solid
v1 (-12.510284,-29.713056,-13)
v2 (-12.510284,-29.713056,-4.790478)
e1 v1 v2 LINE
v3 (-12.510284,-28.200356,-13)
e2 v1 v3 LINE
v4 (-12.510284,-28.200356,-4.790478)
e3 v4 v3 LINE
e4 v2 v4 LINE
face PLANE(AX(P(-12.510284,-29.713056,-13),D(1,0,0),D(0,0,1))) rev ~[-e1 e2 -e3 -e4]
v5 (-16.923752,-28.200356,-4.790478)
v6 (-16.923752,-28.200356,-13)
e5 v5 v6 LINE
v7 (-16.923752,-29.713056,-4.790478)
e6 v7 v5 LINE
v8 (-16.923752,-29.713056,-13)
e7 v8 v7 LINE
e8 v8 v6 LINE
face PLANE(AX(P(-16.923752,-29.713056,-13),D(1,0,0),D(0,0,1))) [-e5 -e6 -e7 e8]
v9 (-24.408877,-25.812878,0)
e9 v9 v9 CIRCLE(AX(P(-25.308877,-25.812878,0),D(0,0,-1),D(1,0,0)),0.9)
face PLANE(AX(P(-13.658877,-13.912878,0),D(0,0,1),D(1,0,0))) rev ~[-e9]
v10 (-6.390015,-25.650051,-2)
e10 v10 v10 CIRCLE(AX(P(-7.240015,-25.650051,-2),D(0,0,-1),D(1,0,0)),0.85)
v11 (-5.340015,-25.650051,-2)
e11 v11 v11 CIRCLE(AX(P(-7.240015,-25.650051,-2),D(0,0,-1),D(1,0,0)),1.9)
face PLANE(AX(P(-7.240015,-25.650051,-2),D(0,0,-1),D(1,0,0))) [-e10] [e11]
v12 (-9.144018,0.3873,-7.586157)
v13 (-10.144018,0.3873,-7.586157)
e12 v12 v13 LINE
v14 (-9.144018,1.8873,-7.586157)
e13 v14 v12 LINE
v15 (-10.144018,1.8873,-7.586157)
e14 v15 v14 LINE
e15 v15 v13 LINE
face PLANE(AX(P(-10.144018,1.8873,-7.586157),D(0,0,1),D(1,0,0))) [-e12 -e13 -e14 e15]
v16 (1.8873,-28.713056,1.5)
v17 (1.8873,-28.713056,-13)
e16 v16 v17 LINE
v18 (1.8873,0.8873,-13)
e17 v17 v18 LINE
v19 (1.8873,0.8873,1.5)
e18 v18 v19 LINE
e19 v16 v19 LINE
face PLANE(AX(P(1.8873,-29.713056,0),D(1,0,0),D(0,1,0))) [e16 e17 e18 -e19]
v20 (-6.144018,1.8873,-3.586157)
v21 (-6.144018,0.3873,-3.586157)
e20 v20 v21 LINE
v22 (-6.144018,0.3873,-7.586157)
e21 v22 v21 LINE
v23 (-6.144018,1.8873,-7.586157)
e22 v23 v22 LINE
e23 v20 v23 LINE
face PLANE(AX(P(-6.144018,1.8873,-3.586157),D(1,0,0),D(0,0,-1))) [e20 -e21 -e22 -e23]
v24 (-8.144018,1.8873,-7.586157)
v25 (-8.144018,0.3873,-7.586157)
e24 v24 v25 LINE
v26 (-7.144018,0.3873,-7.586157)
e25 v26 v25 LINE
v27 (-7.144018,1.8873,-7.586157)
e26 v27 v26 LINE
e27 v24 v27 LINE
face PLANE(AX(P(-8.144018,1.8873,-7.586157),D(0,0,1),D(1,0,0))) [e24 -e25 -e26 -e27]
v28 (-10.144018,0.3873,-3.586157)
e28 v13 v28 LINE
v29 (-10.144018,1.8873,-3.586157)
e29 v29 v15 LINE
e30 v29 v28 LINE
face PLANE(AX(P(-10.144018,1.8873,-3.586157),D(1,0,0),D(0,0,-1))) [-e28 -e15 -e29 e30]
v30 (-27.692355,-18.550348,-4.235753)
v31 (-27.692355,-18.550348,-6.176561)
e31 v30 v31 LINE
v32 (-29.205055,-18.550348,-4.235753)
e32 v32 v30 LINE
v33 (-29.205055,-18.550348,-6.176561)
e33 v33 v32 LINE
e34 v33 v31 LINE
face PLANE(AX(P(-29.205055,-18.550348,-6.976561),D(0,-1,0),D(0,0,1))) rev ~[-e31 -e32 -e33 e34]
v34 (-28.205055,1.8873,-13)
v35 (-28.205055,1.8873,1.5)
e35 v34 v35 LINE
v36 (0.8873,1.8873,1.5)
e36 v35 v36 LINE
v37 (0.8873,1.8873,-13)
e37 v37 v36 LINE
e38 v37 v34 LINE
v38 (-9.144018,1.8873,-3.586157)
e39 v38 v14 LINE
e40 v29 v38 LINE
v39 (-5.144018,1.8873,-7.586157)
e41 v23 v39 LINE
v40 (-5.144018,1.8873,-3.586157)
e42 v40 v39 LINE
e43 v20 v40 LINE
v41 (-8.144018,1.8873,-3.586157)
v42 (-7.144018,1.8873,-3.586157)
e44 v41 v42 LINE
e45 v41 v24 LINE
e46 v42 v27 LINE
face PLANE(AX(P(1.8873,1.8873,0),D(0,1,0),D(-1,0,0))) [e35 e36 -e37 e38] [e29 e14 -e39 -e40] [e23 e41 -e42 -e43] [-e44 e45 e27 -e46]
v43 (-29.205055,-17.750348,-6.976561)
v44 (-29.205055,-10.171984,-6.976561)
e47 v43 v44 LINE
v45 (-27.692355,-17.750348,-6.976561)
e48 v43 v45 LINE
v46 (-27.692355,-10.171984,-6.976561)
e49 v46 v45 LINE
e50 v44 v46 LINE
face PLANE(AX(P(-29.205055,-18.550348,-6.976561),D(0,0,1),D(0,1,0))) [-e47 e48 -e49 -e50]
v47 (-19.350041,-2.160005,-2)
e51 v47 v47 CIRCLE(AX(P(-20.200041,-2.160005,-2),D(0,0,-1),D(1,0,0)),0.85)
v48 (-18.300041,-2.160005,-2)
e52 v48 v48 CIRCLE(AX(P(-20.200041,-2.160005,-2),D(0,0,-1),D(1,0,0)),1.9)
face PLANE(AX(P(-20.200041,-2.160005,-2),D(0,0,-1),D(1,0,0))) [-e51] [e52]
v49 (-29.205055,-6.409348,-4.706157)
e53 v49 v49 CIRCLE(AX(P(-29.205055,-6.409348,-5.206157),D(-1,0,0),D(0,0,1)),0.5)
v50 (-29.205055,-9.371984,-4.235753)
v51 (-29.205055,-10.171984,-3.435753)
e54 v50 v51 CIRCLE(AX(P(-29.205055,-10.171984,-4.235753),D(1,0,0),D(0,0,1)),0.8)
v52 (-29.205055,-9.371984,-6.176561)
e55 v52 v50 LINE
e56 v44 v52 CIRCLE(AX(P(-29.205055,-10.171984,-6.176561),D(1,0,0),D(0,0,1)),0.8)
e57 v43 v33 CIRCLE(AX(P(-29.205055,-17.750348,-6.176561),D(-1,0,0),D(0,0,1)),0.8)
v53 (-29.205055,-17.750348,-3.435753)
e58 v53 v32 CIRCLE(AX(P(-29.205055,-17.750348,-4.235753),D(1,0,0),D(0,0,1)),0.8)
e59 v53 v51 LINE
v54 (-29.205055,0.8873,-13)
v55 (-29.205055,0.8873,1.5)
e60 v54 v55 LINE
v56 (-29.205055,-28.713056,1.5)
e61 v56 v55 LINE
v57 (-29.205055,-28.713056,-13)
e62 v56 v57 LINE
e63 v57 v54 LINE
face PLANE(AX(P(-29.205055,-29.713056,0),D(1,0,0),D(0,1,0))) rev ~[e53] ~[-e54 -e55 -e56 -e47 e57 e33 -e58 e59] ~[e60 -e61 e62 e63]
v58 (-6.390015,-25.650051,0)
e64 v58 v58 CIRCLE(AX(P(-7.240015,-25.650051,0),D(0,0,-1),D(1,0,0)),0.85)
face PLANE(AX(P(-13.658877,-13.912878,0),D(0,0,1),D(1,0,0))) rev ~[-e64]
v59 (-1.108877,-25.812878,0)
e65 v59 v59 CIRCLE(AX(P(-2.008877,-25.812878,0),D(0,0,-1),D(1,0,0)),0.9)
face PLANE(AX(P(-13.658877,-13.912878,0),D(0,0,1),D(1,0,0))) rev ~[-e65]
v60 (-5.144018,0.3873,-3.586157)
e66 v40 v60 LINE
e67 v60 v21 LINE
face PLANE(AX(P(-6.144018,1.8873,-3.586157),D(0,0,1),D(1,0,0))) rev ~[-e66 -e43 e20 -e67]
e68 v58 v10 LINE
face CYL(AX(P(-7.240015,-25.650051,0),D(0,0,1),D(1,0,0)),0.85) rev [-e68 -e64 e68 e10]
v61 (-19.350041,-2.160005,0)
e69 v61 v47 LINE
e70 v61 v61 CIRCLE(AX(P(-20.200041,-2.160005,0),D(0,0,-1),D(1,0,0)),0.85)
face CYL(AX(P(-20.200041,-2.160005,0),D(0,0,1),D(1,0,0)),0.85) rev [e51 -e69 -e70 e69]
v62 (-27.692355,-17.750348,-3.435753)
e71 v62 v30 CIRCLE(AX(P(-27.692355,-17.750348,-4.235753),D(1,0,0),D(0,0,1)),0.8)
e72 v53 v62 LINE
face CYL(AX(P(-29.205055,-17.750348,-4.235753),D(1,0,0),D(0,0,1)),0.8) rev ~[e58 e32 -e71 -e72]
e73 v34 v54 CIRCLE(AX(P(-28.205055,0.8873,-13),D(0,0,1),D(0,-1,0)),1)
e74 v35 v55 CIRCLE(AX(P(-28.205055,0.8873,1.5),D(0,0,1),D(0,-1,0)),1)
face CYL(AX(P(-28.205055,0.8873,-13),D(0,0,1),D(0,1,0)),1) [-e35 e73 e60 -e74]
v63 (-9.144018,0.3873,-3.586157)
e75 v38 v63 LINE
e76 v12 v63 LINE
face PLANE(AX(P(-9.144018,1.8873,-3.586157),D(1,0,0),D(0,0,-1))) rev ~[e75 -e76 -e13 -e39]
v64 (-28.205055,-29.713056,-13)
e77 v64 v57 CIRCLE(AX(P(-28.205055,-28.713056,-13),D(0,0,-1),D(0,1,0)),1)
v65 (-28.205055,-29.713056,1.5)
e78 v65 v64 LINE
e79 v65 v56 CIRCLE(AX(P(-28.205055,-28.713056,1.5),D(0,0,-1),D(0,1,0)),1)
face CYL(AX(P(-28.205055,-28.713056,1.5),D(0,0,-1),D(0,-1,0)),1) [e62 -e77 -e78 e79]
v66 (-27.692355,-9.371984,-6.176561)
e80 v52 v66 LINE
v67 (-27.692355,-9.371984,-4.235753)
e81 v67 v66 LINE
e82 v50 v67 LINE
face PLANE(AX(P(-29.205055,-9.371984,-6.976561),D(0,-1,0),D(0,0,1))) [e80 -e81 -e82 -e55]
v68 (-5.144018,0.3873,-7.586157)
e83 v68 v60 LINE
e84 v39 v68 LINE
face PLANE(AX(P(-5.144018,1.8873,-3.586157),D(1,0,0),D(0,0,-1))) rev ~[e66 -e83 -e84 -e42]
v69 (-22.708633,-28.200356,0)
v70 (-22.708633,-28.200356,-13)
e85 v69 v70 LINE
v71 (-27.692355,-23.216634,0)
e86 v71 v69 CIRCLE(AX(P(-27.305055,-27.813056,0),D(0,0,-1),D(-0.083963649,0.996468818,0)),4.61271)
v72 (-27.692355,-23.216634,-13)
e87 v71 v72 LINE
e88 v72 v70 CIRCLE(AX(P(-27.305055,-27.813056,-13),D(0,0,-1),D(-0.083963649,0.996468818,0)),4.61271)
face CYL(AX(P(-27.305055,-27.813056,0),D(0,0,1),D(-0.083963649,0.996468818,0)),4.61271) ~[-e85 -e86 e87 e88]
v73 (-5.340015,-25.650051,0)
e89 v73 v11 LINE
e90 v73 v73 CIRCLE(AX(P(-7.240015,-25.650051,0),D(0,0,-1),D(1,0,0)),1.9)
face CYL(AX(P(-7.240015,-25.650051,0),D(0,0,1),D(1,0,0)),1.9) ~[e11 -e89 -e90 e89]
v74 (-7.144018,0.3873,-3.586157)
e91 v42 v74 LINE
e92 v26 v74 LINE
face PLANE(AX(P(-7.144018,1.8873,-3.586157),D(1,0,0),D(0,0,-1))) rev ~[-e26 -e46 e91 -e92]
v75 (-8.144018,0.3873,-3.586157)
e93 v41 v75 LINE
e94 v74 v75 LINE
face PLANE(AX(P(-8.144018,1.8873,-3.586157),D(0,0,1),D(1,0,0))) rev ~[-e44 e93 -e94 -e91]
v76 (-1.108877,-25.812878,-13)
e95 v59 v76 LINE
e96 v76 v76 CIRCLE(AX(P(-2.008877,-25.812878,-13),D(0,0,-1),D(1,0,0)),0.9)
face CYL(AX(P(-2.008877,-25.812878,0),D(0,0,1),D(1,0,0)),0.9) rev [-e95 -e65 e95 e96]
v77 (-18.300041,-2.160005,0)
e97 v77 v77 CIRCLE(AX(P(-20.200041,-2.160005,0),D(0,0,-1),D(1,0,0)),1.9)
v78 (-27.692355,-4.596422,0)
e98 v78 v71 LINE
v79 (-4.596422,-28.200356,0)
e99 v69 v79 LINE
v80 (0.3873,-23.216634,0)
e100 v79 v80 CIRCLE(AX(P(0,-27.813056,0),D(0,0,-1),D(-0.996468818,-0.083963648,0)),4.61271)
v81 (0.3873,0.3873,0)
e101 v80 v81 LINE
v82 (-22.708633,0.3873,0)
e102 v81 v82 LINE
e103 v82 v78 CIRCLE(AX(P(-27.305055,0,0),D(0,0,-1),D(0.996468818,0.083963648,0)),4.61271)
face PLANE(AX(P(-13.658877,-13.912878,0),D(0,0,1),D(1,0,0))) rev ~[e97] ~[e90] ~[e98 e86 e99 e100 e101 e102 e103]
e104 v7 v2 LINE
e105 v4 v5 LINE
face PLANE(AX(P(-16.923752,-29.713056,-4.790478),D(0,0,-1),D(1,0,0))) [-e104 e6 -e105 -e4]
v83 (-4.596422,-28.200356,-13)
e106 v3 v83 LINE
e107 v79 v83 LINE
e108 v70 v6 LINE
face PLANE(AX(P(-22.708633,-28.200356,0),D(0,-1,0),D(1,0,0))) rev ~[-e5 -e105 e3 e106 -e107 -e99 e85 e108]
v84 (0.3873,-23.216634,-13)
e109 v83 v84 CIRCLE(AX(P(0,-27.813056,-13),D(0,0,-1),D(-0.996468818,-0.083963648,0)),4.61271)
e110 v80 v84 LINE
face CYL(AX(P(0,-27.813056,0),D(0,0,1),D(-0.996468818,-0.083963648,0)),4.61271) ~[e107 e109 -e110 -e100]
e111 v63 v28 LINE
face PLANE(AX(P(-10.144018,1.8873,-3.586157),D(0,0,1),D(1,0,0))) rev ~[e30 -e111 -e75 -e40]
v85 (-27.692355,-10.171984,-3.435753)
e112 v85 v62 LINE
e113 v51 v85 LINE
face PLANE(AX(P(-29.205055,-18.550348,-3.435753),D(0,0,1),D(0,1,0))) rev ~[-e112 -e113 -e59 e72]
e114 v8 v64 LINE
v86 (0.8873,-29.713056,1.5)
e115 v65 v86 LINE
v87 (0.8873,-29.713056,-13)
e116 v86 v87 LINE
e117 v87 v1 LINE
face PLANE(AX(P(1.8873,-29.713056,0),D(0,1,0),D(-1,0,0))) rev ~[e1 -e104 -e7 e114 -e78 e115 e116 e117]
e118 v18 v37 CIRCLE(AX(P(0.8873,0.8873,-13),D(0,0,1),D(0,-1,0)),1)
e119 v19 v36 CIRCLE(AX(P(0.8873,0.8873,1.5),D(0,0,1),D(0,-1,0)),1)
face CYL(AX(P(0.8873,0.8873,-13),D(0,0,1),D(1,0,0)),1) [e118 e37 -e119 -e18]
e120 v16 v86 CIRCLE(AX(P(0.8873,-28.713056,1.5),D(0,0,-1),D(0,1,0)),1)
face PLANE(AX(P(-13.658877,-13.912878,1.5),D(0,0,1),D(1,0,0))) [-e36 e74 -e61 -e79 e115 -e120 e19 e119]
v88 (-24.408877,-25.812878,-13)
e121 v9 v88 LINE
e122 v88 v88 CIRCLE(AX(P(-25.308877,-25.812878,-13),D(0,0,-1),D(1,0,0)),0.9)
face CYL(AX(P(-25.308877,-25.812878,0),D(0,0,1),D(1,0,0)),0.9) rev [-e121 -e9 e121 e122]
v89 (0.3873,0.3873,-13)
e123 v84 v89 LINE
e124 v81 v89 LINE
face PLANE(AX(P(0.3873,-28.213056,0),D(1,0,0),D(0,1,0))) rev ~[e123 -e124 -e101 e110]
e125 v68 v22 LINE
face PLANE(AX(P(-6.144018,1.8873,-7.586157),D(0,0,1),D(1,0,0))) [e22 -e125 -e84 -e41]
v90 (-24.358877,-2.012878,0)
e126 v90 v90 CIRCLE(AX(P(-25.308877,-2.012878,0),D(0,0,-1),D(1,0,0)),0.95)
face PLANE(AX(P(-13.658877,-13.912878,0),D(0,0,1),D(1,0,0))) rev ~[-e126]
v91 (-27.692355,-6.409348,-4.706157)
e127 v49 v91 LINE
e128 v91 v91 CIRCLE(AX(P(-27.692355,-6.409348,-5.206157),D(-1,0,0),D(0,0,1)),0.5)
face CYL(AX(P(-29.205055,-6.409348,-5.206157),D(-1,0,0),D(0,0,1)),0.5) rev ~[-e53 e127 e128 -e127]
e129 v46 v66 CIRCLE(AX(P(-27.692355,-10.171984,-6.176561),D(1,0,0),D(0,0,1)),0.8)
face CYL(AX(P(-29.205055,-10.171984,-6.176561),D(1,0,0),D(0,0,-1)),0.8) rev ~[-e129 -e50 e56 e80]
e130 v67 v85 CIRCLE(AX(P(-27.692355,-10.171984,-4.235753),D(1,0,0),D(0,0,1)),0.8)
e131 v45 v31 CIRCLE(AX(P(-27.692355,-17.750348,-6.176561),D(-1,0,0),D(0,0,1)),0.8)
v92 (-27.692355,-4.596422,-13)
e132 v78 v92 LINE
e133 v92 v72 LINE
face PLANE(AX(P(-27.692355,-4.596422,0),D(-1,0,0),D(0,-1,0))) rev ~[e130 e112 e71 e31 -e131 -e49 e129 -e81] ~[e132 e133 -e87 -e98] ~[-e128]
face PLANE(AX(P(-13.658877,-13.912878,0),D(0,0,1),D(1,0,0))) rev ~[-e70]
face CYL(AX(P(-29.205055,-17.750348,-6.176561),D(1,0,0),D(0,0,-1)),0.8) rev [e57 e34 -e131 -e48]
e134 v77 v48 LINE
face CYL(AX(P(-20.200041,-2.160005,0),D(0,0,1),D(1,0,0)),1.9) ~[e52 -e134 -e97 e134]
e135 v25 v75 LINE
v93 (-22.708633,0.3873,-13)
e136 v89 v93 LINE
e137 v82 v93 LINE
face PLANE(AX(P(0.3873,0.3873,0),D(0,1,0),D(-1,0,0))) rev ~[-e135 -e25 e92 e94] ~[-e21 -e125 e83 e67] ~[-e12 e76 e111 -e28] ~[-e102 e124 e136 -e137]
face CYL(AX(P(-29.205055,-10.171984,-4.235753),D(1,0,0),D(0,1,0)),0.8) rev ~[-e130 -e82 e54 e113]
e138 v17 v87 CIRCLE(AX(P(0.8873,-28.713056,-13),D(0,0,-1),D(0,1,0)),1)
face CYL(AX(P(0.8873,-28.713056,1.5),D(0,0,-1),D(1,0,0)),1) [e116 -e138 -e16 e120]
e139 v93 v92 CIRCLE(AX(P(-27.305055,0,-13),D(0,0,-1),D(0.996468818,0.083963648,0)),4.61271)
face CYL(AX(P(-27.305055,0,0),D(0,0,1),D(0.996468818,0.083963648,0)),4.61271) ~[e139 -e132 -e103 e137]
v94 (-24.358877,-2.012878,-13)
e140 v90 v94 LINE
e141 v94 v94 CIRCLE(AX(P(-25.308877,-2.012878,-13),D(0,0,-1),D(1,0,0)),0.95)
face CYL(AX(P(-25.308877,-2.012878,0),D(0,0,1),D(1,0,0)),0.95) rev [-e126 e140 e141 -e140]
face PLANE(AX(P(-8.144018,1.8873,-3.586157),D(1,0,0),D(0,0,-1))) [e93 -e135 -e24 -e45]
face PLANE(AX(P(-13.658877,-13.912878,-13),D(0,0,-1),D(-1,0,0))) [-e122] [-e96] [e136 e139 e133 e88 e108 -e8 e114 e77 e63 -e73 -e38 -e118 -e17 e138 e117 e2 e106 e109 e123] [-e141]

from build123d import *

# Parameters (mm, degrees)
SKETCH_2_W          = 31.092354585
SKETCH_2_H          = 31.600355601
EXTRUDE_1_DEPTH     = 1.5
SKETCH_3_R          = 1.9
SKETCH_3_R_2        = 0.85
EXTRUDE_2_DEPTH     = 2
SKETCH_4_W          = 31.092354585
SKETCH_4_H          = 31.600355601
SKETCH_4_R          = 0.9
SKETCH_4_R_2        = 0.95
EXTRUDE_3_DEPTH     = 13
CUT_EXTRUDE_1_REACH = 46.929
SKETCH_5_R          = 0.5
SKETCH_5_W          = 3.540807658
SKETCH_5_H          = 9.178364527
CUT_EXTRUDE_2_REACH = 46.95
SKETCH_6_W          = 4.41346869
SKETCH_6_H          = 8.209522231
CUT_EXTRUDE_3_REACH = 46.95
SKETCH_8_W          = 1
SKETCH_8_H          = 4
FILLET_1_R          = 1
FILLET_2_R          = 0.8


with BuildPart() as part:
    # 草图2 → 凸台-拉伸1 (new body)
    with BuildSketch(Plane.XY):
        with Locations((-13.658877318, -13.912877826)):
            Rectangle(SKETCH_2_W, SKETCH_2_H)
    extrude(amount=EXTRUDE_1_DEPTH)

    # 草图3 → 凸台-拉伸2 (add)
    # profile 1 of 2: a face of its own
    with BuildSketch(Plane(origin=(0, 0, 0), x_dir=(-1, 0, 0), z_dir=(0, 0, -1))):
        with Locations(Location((20.20004064, -2.16000508, 0), (0, 0, 180))):
            Circle(SKETCH_3_R)
        with Locations(Location((20.20004064, -2.16000508, 0), (0, 0, 180))):
            Circle(SKETCH_3_R_2, mode=Mode.SUBTRACT)
    # profile 2 of 2: a face of its own
    with BuildSketch(Plane(origin=(0, 0, 0), x_dir=(-1, 0, 0), z_dir=(0, 0, -1))):
        with Locations(Location((7.24001524, -25.6500508, 0), (0, 0, 180))):
            Circle(SKETCH_3_R)
        with Locations(Location((7.24001524, -25.6500508, 0), (0, 0, 180))):
            Circle(SKETCH_3_R_2, mode=Mode.SUBTRACT)
    extrude(amount=EXTRUDE_2_DEPTH)

    # 草图4 → 凸台-拉伸3 (add)
    # profile 1 of 2: a face of its own
    with BuildSketch(Plane(origin=(0, 0, 0), x_dir=(-1, 0, 0), z_dir=(0, 0, -1))):
        with Locations((13.658877318, -13.912877826)):
            Rectangle(SKETCH_4_W, SKETCH_4_H)
        Polygon((-0.387299975, -28.213055626), (-0.387299975, -23.216633759), (-0.387299975, 0.387299975), (22.708632743, 0.387299975), (27.70505461, 0.387299975), (27.70505461, -28.213055626), align=None, mode=Mode.SUBTRACT)
    # profile 2 of 2: a face of its own
    with BuildSketch(Plane(origin=(0, 0, 0), x_dir=(-1, 0, 0), z_dir=(0, 0, -1))):
        with BuildLine():
            Line((22.708632743, -28.200355601), (4.596421868, -28.200355601))
            ThreePointArc((4.596421868, -28.200355601), (3.261678652, -24.551376974), (-0.387299975, -23.216633759))
            Line((-0.387299975, -23.216633759), (-0.387299975, -28.213055626))
            Line((-0.387299975, -28.213055626), (27.70505461, -28.213055626))
            Line((27.70505461, -28.213055626), (27.70505461, 0.387299975))
            Line((27.70505461, 0.387299975), (22.708632743, 0.387299975))
            ThreePointArc((22.708632743, 0.387299975), (24.043375958, -3.261678652), (27.692354585, -4.596421868))
            Line((27.692354585, -4.596421868), (27.692354585, -23.216633759))
            ThreePointArc((27.692354585, -23.216633759), (24.043375958, -24.551376974), (22.708632743, -28.200355601))
        make_face()
        with Locations(Location((2.008877318, -25.812877826, 0), (0, 0, 180))):
            Circle(SKETCH_4_R, mode=Mode.SUBTRACT)
        with Locations(Location((25.308877318, -25.812877826, 0), (0, 0, 180))):
            Circle(SKETCH_4_R, mode=Mode.SUBTRACT)
        with Locations(Location((25.308877318, -2.012877826, 0), (0, 0, 180))):
            Circle(SKETCH_4_R_2, mode=Mode.SUBTRACT)
    extrude(amount=EXTRUDE_3_DEPTH)

    # 草图5 → 切除-拉伸1 (cut, up to next)
    with BuildSketch(Plane.ZY.offset(29.20505461), mode=Mode.PRIVATE) as cut_extrude_1_sk1:
        with Locations((-5.206157057, -6.409348234)):
            Circle(SKETCH_5_R)
    cut_extrude_1_tool1 = extrude(cut_extrude_1_sk1.sketch, amount=-CUT_EXTRUDE_1_REACH, mode=Mode.PRIVATE) & part.part
    # 草图5 → 切除-拉伸1 (cut, up to next)
    with BuildSketch(Plane.ZY.offset(29.20505461), mode=Mode.PRIVATE) as cut_extrude_1_sk2:
        with Locations((-5.206157057, -13.961165862)):
            Rectangle(SKETCH_5_W, SKETCH_5_H)
    cut_extrude_1_tool2 = extrude(cut_extrude_1_sk2.sketch, amount=-CUT_EXTRUDE_1_REACH, mode=Mode.PRIVATE) & part.part
    add(cut_extrude_1_tool1.solids().sort_by_distance((-29.205055, -6.409348, -5.206157))[0], mode=Mode.SUBTRACT)
    add(cut_extrude_1_tool2.solids().sort_by_distance((-29.205055, -13.961166, -5.206157))[0], mode=Mode.SUBTRACT)

    # 草图6 → 切除-拉伸2 (cut, up to next)
    with BuildSketch(Plane.XZ.offset(29.713055626), mode=Mode.PRIVATE) as cut_extrude_2_sk1:
        with Locations((-14.717018129, -8.895238884)):
            Rectangle(SKETCH_6_W, SKETCH_6_H)
    cut_extrude_2_tool1 = extrude(cut_extrude_2_sk1.sketch, amount=-CUT_EXTRUDE_2_REACH, mode=Mode.PRIVATE) & part.part
    add(cut_extrude_2_tool1.solids().sort_by_distance((-14.717018, -29.713056, -8.895239))[0], mode=Mode.SUBTRACT)

    # 草图8 → 切除-拉伸3 (cut, up to next)
    with BuildSketch(Plane(origin=(0, 1.887299975, 0), x_dir=(1, 0, 0), z_dir=(0, 1, 0)), mode=Mode.PRIVATE) as cut_extrude_3_sk1:
        with Locations((-7.644018288, 5.586156972)):
            Rectangle(SKETCH_8_W, SKETCH_8_H)
    cut_extrude_3_tool1 = extrude(cut_extrude_3_sk1.sketch, amount=-CUT_EXTRUDE_3_REACH, mode=Mode.PRIVATE) & part.part
    # 草图8 → 切除-拉伸3 (cut, up to next)
    with BuildSketch(Plane(origin=(0, 1.887299975, 0), x_dir=(1, 0, 0), z_dir=(0, 1, 0)), mode=Mode.PRIVATE) as cut_extrude_3_sk2:
        with Locations((-9.644018288, 5.586156972)):
            Rectangle(SKETCH_8_W, SKETCH_8_H)
    cut_extrude_3_tool2 = extrude(cut_extrude_3_sk2.sketch, amount=-CUT_EXTRUDE_3_REACH, mode=Mode.PRIVATE) & part.part
    # 草图8 → 切除-拉伸3 (cut, up to next)
    with BuildSketch(Plane(origin=(0, 1.887299975, 0), x_dir=(1, 0, 0), z_dir=(0, 1, 0)), mode=Mode.PRIVATE) as cut_extrude_3_sk3:
        with Locations((-5.644018288, 5.586156972)):
            Rectangle(SKETCH_8_W, SKETCH_8_H)
    cut_extrude_3_tool3 = extrude(cut_extrude_3_sk3.sketch, amount=-CUT_EXTRUDE_3_REACH, mode=Mode.PRIVATE) & part.part
    add(cut_extrude_3_tool1.solids().sort_by_distance((-7.644018, 1.8873, -5.586157))[0], mode=Mode.SUBTRACT)
    add(cut_extrude_3_tool2.solids().sort_by_distance((-9.644018, 1.8873, -5.586157))[0], mode=Mode.SUBTRACT)
    add(cut_extrude_3_tool3.solids().sort_by_distance((-5.644018, 1.8873, -5.586157))[0], mode=Mode.SUBTRACT)

    # 圆角1
    fillet_1_edges = [part.edges().sort_by_distance(p)[0] for p in [
        (-29.20505461, 1.887299975, -5.75),
        (1.887299975, 1.887299975, -5.75),
        (1.887299975, -29.713055626, -5.75),
        (-29.20505461, -29.713055626, -5.75),
    ]]
    fillet(fillet_1_edges, radius=FILLET_1_R)

    # 圆角2
    fillet_2_edges = [part.edges().sort_by_distance(p)[0] for p in [
        (-28.448704597, -9.371983599, -6.976560886),
        (-28.448704597, -9.371983599, -3.435753228),
        (-28.448704597, -18.550348126, -3.435753228),
        (-28.448704597, -18.550348126, -6.976560886),
    ]]
    fillet(fillet_2_edges, radius=FILLET_2_R)


solid = part.part
